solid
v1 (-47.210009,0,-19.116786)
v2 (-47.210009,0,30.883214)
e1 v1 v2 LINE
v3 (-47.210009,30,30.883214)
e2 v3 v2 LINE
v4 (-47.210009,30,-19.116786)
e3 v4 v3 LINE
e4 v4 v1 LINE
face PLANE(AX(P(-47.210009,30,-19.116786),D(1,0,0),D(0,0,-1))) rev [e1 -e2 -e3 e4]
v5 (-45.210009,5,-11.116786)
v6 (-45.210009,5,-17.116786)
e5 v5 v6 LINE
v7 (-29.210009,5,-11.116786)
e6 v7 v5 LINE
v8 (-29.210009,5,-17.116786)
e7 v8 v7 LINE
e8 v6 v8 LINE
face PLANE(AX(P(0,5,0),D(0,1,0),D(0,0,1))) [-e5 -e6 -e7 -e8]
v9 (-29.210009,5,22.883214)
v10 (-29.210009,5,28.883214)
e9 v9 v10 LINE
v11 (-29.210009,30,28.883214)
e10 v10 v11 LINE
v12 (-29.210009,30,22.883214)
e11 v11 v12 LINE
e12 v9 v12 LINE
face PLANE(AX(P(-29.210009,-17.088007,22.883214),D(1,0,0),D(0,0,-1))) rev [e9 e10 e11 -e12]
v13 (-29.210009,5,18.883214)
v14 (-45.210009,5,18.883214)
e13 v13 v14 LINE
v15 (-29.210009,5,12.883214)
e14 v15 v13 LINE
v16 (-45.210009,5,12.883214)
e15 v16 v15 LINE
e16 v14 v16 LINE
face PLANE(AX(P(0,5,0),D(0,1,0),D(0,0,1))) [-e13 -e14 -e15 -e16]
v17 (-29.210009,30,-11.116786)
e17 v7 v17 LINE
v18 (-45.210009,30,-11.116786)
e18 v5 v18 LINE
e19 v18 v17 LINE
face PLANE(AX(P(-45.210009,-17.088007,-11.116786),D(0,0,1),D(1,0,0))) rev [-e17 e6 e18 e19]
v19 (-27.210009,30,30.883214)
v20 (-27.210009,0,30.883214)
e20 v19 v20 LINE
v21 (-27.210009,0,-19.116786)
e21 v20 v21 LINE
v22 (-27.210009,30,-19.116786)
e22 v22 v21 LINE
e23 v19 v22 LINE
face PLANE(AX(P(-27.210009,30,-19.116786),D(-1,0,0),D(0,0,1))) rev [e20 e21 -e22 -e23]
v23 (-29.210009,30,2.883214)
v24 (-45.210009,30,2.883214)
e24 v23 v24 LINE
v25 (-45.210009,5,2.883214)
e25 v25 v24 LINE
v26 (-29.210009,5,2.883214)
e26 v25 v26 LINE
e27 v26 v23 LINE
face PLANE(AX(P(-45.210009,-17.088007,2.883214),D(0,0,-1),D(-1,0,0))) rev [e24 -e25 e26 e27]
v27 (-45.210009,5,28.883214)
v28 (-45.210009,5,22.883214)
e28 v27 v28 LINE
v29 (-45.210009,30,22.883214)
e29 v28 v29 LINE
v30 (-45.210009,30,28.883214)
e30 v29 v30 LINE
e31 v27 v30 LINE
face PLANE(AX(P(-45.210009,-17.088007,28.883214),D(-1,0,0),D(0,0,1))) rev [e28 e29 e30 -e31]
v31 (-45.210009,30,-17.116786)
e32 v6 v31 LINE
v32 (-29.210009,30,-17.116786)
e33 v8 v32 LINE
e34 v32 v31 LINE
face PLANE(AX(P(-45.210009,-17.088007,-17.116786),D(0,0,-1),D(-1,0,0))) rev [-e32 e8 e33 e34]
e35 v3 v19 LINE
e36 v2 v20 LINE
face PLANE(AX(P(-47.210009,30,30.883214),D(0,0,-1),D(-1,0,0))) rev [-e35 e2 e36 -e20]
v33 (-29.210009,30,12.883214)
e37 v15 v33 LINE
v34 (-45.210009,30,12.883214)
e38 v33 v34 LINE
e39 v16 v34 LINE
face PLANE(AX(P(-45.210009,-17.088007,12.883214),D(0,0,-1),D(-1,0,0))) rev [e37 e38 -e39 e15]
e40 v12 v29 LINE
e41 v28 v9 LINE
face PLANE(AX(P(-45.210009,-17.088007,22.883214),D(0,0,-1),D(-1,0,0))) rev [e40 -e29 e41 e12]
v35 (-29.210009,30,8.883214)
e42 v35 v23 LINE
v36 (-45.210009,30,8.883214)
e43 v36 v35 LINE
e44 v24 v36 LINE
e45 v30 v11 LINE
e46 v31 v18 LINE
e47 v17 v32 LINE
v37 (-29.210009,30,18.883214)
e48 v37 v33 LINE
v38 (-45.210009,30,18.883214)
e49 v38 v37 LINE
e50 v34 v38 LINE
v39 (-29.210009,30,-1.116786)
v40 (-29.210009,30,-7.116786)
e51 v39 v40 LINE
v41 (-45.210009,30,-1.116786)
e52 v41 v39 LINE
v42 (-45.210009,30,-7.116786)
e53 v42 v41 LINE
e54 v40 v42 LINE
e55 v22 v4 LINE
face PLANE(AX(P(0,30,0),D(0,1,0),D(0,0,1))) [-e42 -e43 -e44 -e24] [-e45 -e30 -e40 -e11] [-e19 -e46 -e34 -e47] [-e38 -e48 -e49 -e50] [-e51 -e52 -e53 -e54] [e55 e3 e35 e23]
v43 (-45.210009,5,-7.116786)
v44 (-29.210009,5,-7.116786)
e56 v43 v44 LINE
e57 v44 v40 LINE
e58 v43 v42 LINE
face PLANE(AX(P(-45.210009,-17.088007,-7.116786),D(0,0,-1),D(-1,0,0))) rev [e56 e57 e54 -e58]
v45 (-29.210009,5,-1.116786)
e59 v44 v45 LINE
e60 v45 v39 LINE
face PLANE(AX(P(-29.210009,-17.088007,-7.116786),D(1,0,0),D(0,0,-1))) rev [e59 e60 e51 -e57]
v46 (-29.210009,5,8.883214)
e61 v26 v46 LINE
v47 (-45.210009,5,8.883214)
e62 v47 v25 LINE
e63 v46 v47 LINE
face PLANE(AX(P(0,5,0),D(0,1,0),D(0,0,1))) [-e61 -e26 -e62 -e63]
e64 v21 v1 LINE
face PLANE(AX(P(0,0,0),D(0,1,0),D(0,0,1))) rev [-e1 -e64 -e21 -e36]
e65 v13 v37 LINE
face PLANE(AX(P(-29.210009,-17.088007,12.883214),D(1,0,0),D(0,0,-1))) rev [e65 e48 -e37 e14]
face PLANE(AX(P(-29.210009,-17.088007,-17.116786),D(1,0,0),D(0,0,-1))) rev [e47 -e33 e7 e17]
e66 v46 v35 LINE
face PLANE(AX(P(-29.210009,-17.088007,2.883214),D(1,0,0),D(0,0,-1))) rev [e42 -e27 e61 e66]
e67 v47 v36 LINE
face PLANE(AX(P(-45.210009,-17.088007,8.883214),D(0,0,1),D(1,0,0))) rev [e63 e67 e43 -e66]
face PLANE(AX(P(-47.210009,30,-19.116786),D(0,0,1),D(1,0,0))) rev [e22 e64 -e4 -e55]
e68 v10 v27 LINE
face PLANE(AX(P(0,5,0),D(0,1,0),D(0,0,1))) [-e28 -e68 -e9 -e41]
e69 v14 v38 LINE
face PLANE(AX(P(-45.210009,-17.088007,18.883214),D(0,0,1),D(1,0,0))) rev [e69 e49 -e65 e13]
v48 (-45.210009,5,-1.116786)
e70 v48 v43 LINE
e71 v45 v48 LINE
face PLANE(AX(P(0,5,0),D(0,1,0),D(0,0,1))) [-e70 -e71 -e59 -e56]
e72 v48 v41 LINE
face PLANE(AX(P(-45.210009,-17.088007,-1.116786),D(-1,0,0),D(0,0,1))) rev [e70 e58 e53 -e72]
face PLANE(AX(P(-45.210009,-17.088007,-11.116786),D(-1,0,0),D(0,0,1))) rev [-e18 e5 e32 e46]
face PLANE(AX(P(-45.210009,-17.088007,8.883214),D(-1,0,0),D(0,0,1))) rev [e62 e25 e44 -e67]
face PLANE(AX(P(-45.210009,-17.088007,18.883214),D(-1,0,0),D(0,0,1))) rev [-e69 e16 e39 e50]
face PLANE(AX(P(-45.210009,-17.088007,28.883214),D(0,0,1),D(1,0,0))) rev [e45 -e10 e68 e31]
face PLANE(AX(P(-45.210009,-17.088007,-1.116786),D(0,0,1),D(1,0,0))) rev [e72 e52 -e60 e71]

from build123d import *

# Parameters (mm, degrees)
CROQUIS1_W              = 20
CROQUIS1_H              = 50
SALIENTE_EXTRUIR1_DEPTH = 30
CROQUIS2_W              = 16
CROQUIS2_H              = 6
CORTAR_EXTRUIR1_DEPTH   = 25


with BuildPart() as part:
    # Croquis1 → Saliente-Extruir1 (new body)
    with BuildSketch(Plane(origin=(0, 0, 0), x_dir=(1, 0, 0), z_dir=(0, 1, 0))):
        with Locations((-37.210008549, -5.883213926)):
            Rectangle(CROQUIS1_W, CROQUIS1_H)
    extrude(amount=SALIENTE_EXTRUIR1_DEPTH)

    # Croquis2 → Cortar-Extruir1 (cut)
    with BuildSketch(Plane(origin=(0, 30, 0), x_dir=(1, 0, 0), z_dir=(0, 1, 0))):
        with Locations((-37.210008549, -25.883213926)):
            Rectangle(CROQUIS2_W, CROQUIS2_H)
        with Locations((-37.210008549, 4.116786074)):
            Rectangle(CROQUIS2_W, CROQUIS2_H)
        with Locations((-37.210008549, -15.883213926)):
            Rectangle(CROQUIS2_W, CROQUIS2_H)
        with Locations((-37.210008549, -5.883213926)):
            Rectangle(CROQUIS2_W, CROQUIS2_H)
        with Locations((-37.210008549, 14.116786074)):
            Rectangle(CROQUIS2_W, CROQUIS2_H)
    extrude(amount=-CORTAR_EXTRUIR1_DEPTH, mode=Mode.SUBTRACT)


solid = part.part
